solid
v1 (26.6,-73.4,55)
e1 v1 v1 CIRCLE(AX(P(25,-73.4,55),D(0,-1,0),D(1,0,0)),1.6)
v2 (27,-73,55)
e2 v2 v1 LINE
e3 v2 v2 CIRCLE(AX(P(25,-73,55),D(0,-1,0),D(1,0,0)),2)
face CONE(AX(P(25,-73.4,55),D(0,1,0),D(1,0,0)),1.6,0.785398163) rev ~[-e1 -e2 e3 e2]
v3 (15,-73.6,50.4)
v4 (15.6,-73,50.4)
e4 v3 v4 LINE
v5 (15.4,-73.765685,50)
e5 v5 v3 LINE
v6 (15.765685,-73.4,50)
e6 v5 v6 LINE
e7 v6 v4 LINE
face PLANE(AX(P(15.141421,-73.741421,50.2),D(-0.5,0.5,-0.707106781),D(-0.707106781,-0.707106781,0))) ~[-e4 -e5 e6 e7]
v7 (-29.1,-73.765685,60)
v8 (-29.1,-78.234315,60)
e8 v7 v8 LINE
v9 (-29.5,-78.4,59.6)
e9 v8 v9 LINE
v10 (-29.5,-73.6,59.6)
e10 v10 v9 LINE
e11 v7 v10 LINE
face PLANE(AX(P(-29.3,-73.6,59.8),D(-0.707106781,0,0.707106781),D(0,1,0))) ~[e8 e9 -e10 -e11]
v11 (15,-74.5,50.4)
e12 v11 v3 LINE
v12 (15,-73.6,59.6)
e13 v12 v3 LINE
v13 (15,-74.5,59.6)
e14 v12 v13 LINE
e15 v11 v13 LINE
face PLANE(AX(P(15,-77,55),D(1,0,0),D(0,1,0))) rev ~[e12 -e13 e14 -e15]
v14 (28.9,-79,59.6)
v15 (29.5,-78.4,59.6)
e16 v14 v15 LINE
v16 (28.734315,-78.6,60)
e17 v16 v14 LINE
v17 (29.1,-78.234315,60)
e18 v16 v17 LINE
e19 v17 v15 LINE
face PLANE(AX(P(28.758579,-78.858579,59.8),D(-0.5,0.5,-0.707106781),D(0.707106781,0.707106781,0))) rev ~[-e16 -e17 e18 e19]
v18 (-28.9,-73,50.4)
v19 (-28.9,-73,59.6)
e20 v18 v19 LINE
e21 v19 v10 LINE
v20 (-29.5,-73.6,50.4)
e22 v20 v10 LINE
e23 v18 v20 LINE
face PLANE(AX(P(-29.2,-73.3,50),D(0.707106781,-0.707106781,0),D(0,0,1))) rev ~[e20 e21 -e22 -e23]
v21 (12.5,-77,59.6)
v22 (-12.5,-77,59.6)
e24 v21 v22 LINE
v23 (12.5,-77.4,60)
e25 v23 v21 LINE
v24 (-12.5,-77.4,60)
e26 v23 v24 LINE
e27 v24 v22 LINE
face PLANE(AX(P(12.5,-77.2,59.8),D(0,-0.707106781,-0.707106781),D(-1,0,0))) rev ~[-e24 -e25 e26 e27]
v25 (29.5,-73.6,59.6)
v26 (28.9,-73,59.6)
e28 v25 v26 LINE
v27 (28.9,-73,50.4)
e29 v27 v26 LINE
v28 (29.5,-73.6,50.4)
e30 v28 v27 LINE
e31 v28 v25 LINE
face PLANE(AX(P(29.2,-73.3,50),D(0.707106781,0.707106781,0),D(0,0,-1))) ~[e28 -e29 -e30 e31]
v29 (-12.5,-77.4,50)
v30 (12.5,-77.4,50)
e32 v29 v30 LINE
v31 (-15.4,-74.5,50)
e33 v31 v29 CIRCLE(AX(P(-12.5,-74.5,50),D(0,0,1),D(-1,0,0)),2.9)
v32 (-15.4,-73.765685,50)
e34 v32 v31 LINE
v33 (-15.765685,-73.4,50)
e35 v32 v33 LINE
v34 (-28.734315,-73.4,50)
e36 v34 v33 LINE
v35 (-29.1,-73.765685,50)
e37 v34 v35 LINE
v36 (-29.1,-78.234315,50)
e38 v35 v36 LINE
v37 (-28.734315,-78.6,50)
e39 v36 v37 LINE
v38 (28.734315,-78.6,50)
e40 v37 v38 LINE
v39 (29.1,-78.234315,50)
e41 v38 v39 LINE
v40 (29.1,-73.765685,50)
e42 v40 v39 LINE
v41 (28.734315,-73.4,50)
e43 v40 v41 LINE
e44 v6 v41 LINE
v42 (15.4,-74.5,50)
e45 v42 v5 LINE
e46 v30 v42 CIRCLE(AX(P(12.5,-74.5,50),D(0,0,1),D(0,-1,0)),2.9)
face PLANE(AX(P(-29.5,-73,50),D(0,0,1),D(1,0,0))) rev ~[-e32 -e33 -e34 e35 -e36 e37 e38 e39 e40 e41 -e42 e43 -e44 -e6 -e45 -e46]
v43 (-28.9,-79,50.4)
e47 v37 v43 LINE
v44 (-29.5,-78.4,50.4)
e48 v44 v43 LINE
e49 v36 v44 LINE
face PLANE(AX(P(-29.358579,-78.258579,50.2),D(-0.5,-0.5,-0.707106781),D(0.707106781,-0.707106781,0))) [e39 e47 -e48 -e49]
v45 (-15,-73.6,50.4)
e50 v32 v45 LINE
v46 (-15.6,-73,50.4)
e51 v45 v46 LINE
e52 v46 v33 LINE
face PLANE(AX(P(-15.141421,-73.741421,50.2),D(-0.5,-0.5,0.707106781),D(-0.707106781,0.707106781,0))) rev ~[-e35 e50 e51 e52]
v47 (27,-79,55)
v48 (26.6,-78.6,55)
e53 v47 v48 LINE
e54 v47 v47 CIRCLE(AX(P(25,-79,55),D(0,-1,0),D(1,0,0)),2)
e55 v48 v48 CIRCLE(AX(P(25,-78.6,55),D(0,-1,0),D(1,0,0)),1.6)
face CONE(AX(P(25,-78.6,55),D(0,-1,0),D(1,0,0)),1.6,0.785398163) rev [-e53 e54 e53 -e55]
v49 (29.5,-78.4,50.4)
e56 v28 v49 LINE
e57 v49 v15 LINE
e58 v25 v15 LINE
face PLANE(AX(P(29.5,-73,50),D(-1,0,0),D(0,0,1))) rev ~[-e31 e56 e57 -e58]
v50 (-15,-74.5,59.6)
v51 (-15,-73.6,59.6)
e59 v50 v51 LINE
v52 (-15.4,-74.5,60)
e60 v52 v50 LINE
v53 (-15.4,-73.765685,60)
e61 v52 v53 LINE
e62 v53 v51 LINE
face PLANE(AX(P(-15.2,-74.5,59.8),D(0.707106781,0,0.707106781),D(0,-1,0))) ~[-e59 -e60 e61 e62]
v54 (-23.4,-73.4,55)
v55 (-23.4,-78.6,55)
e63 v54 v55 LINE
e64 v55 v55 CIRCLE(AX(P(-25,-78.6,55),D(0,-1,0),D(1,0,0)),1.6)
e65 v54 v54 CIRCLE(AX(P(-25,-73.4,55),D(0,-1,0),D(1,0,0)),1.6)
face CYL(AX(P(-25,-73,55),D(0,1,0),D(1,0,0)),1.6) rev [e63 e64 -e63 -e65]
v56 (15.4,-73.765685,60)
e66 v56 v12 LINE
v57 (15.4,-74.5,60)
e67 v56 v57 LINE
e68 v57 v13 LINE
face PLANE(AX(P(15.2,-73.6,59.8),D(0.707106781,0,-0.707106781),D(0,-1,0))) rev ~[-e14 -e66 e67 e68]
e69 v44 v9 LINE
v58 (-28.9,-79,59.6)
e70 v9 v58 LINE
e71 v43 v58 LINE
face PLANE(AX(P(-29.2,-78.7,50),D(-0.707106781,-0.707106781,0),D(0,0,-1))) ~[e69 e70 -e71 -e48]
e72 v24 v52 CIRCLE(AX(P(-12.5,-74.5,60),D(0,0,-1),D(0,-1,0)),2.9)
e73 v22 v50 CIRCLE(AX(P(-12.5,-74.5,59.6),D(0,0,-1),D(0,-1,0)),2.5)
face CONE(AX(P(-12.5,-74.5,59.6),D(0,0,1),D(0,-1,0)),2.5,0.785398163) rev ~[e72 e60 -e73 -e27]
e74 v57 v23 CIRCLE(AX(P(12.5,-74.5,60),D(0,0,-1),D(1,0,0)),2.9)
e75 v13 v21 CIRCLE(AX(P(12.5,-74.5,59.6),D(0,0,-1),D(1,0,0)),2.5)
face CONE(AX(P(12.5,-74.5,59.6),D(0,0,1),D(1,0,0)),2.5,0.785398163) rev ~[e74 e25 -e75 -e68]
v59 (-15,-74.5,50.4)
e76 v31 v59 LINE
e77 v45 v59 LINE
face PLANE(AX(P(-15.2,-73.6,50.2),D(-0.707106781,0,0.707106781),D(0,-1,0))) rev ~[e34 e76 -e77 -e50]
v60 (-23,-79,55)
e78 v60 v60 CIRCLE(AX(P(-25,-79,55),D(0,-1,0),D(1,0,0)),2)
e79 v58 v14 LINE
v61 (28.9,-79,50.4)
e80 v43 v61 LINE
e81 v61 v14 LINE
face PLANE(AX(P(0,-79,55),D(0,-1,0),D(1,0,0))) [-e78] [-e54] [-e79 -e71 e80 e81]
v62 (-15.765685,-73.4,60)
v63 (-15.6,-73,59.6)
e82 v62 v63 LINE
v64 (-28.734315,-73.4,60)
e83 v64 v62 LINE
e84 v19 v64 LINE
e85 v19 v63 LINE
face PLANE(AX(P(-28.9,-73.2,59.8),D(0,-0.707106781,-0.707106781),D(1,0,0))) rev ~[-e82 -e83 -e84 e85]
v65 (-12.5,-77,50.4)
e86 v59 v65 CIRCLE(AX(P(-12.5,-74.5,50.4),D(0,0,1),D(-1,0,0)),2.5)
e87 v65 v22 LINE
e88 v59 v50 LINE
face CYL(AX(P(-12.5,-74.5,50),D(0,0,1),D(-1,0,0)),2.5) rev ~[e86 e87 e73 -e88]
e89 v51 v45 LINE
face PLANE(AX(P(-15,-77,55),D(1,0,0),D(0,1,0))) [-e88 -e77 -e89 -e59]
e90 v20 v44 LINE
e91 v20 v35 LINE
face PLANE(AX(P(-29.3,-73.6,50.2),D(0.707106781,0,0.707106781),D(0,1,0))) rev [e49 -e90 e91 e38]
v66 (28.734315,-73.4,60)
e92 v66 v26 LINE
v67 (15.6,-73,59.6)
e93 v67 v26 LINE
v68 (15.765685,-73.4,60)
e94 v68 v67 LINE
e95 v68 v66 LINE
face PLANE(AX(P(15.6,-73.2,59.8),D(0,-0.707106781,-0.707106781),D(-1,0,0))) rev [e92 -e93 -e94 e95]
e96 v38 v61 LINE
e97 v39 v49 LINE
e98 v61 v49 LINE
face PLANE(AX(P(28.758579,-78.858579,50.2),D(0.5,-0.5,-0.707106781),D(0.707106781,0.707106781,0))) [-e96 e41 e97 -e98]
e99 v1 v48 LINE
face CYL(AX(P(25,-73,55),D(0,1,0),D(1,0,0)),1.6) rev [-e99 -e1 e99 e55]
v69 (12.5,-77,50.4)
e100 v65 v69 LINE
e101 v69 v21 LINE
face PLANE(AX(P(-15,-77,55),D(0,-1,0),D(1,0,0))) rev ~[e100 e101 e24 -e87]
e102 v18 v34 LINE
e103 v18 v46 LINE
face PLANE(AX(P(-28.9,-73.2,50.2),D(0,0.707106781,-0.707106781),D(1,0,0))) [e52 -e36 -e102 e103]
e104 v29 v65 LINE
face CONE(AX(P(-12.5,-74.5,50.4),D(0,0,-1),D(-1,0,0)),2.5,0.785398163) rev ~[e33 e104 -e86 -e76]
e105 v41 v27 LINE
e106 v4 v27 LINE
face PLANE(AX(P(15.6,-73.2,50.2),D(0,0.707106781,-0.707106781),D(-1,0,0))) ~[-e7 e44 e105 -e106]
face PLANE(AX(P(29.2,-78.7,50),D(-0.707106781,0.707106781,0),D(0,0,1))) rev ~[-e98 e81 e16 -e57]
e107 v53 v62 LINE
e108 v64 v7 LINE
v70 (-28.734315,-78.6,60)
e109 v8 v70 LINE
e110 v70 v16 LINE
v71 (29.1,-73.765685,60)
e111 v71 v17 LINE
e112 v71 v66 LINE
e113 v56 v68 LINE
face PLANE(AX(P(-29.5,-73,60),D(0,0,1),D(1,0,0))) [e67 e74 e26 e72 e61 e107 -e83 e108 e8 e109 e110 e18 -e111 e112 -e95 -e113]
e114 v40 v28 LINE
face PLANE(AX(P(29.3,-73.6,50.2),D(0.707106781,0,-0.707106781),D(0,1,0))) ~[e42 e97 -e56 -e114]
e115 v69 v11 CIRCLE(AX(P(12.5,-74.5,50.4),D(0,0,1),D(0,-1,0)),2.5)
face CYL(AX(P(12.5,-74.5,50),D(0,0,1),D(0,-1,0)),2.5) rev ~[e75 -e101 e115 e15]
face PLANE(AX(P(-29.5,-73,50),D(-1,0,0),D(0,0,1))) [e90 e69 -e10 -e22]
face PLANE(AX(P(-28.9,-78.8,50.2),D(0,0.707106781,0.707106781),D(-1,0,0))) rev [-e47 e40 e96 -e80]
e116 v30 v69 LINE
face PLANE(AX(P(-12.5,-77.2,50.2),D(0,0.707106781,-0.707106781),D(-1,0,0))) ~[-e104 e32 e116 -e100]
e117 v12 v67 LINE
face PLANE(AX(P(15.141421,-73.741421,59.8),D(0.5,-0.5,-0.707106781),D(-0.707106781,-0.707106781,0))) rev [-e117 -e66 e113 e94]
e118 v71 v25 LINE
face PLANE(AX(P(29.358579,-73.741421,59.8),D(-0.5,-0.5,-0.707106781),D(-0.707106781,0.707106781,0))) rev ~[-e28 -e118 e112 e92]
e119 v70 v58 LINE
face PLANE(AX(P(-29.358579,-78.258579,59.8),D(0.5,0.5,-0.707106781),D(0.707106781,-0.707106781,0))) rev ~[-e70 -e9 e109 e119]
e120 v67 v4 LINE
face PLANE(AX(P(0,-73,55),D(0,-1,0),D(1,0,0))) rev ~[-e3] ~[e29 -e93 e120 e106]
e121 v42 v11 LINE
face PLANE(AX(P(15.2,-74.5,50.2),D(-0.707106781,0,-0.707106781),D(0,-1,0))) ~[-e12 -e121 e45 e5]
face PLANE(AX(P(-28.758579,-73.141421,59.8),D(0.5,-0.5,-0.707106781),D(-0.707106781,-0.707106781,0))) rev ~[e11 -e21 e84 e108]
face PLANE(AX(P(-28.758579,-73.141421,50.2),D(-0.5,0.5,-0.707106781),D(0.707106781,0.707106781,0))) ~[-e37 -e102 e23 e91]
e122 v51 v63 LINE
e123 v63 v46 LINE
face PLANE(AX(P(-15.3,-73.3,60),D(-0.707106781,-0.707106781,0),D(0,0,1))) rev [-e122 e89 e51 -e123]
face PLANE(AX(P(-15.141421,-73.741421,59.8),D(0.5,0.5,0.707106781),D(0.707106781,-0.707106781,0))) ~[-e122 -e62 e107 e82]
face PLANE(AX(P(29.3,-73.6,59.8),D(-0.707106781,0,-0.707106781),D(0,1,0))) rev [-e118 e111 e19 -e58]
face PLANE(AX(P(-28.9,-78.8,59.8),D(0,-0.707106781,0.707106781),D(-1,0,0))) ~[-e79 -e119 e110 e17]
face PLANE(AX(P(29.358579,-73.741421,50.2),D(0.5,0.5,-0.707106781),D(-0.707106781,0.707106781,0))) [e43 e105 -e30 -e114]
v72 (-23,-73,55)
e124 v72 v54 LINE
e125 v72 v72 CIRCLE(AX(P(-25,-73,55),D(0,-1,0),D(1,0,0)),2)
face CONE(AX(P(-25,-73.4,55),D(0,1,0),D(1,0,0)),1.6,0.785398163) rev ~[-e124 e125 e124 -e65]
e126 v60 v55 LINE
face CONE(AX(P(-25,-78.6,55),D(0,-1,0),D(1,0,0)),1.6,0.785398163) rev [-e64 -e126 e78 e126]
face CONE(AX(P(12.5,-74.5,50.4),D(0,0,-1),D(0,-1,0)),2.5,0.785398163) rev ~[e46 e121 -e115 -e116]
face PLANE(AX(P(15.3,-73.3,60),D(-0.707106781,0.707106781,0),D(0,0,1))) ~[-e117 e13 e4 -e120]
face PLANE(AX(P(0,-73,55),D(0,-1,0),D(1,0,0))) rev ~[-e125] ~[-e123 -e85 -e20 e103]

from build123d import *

# Parameters (mm, degrees)
SKETCH134_W     = 59
SKETCH134_H     = 10
SKETCH134_R     = 1.6
PAD068_DEPTH    = 6
SKETCH135_W     = 30
SKETCH135_H     = 4
POCKET066_DEPTH = 7.5
FILLET048_R     = 2.5
CHAMFER053_SIZE = 0.6
CHAMFER054_SIZE = 0.4
CHAMFER055_SIZE = 0.4


with BuildPart() as part:
    # Sketch134 → Pad068 (new body)
    with BuildSketch(Plane.XZ):
        Rectangle(SKETCH134_W, SKETCH134_H)
        with Locations((-25, 0)):
            Circle(SKETCH134_R, mode=Mode.SUBTRACT)
        with Locations((25, 0)):
            Circle(SKETCH134_R, mode=Mode.SUBTRACT)
    extrude(amount=PAD068_DEPTH)

    # Sketch135 → Pocket066 (cut, symmetric)
    with BuildSketch(Plane.XY):
        with Locations((0, -2)):
            Rectangle(SKETCH135_W, SKETCH135_H)
    extrude(amount=POCKET066_DEPTH, both=True, mode=Mode.SUBTRACT)

    # Fillet048
    fillet048_edges = [part.edges().sort_by_distance(p)[0] for p in [
        (15, -4, 0),
        (-15, -4, 0),
    ]]
    fillet(fillet048_edges, radius=FILLET048_R)

    # Chamfer053
    chamfer053_edges = [part.edges().sort_by_distance(p)[0] for p in [
        (15, 0, 0),
        (-15, 0, 0),
        (29.5, 0, 0),
        (29.5, -6, 0),
        (-29.5, -6, 0),
        (-29.5, 0, 0),
    ]]
    chamfer(chamfer053_edges, length=CHAMFER053_SIZE)

    # Chamfer054
    chamfer054_edges = [part.edges().sort_by_distance(p)[0] for p in [
        (26.6, -3, 0),
        (23.4, 0, 0),
        (23.4, -6, 0),
        (-23.4, -3, 0),
        (-26.6, 0, 0),
        (-26.6, -6, 0),
    ]]
    chamfer(chamfer054_edges, length=CHAMFER054_SIZE)

    # Chamfer055
    chamfer055_edges = [part.edges().sort_by_distance(p)[0] for p in [
        (-15, -1.05, 5),
        (-15.3, -0.3, 5),
        (-14.267767, -3.267767, 5),
        (-22.25, 0, 5),
        (0, -4, 5),
        (-29.2, -0.3, 5),
        (14.267767, -3.267767, 5),
        (-29.5, -3, 5),
        (15, -1.05, 5),
        (-29.2, -5.7, 5),
        (15.3, -0.3, 5),
        (0, -6, 5),
        (22.25, 0, 5),
        (29.2, -5.7, 5),
        (29.2, -0.3, 5),
        (29.5, -3, 5),
        (15, -1.05, -5),
        (15.3, -0.3, -5),
        (14.267767, -3.267767, -5),
        (22.25, 0, -5),
        (0, -4, -5),
        (29.2, -0.3, -5),
        (-14.267767, -3.267767, -5),
        (29.5, -3, -5),
        (-15, -1.05, -5),
        (29.2, -5.7, -5),
        (-15.3, -0.3, -5),
        (0, -6, -5),
        (-22.25, 0, -5),
        (-29.2, -5.7, -5),
        (-29.2, -0.3, -5),
        (-29.5, -3, -5),
    ]]
    chamfer(chamfer055_edges, length=CHAMFER055_SIZE)


with BuildPart() as part_1:
    # Body051 placement: moved
    add(part.part.moved(Location((0, -73, 55))))


solid = part_1.part
